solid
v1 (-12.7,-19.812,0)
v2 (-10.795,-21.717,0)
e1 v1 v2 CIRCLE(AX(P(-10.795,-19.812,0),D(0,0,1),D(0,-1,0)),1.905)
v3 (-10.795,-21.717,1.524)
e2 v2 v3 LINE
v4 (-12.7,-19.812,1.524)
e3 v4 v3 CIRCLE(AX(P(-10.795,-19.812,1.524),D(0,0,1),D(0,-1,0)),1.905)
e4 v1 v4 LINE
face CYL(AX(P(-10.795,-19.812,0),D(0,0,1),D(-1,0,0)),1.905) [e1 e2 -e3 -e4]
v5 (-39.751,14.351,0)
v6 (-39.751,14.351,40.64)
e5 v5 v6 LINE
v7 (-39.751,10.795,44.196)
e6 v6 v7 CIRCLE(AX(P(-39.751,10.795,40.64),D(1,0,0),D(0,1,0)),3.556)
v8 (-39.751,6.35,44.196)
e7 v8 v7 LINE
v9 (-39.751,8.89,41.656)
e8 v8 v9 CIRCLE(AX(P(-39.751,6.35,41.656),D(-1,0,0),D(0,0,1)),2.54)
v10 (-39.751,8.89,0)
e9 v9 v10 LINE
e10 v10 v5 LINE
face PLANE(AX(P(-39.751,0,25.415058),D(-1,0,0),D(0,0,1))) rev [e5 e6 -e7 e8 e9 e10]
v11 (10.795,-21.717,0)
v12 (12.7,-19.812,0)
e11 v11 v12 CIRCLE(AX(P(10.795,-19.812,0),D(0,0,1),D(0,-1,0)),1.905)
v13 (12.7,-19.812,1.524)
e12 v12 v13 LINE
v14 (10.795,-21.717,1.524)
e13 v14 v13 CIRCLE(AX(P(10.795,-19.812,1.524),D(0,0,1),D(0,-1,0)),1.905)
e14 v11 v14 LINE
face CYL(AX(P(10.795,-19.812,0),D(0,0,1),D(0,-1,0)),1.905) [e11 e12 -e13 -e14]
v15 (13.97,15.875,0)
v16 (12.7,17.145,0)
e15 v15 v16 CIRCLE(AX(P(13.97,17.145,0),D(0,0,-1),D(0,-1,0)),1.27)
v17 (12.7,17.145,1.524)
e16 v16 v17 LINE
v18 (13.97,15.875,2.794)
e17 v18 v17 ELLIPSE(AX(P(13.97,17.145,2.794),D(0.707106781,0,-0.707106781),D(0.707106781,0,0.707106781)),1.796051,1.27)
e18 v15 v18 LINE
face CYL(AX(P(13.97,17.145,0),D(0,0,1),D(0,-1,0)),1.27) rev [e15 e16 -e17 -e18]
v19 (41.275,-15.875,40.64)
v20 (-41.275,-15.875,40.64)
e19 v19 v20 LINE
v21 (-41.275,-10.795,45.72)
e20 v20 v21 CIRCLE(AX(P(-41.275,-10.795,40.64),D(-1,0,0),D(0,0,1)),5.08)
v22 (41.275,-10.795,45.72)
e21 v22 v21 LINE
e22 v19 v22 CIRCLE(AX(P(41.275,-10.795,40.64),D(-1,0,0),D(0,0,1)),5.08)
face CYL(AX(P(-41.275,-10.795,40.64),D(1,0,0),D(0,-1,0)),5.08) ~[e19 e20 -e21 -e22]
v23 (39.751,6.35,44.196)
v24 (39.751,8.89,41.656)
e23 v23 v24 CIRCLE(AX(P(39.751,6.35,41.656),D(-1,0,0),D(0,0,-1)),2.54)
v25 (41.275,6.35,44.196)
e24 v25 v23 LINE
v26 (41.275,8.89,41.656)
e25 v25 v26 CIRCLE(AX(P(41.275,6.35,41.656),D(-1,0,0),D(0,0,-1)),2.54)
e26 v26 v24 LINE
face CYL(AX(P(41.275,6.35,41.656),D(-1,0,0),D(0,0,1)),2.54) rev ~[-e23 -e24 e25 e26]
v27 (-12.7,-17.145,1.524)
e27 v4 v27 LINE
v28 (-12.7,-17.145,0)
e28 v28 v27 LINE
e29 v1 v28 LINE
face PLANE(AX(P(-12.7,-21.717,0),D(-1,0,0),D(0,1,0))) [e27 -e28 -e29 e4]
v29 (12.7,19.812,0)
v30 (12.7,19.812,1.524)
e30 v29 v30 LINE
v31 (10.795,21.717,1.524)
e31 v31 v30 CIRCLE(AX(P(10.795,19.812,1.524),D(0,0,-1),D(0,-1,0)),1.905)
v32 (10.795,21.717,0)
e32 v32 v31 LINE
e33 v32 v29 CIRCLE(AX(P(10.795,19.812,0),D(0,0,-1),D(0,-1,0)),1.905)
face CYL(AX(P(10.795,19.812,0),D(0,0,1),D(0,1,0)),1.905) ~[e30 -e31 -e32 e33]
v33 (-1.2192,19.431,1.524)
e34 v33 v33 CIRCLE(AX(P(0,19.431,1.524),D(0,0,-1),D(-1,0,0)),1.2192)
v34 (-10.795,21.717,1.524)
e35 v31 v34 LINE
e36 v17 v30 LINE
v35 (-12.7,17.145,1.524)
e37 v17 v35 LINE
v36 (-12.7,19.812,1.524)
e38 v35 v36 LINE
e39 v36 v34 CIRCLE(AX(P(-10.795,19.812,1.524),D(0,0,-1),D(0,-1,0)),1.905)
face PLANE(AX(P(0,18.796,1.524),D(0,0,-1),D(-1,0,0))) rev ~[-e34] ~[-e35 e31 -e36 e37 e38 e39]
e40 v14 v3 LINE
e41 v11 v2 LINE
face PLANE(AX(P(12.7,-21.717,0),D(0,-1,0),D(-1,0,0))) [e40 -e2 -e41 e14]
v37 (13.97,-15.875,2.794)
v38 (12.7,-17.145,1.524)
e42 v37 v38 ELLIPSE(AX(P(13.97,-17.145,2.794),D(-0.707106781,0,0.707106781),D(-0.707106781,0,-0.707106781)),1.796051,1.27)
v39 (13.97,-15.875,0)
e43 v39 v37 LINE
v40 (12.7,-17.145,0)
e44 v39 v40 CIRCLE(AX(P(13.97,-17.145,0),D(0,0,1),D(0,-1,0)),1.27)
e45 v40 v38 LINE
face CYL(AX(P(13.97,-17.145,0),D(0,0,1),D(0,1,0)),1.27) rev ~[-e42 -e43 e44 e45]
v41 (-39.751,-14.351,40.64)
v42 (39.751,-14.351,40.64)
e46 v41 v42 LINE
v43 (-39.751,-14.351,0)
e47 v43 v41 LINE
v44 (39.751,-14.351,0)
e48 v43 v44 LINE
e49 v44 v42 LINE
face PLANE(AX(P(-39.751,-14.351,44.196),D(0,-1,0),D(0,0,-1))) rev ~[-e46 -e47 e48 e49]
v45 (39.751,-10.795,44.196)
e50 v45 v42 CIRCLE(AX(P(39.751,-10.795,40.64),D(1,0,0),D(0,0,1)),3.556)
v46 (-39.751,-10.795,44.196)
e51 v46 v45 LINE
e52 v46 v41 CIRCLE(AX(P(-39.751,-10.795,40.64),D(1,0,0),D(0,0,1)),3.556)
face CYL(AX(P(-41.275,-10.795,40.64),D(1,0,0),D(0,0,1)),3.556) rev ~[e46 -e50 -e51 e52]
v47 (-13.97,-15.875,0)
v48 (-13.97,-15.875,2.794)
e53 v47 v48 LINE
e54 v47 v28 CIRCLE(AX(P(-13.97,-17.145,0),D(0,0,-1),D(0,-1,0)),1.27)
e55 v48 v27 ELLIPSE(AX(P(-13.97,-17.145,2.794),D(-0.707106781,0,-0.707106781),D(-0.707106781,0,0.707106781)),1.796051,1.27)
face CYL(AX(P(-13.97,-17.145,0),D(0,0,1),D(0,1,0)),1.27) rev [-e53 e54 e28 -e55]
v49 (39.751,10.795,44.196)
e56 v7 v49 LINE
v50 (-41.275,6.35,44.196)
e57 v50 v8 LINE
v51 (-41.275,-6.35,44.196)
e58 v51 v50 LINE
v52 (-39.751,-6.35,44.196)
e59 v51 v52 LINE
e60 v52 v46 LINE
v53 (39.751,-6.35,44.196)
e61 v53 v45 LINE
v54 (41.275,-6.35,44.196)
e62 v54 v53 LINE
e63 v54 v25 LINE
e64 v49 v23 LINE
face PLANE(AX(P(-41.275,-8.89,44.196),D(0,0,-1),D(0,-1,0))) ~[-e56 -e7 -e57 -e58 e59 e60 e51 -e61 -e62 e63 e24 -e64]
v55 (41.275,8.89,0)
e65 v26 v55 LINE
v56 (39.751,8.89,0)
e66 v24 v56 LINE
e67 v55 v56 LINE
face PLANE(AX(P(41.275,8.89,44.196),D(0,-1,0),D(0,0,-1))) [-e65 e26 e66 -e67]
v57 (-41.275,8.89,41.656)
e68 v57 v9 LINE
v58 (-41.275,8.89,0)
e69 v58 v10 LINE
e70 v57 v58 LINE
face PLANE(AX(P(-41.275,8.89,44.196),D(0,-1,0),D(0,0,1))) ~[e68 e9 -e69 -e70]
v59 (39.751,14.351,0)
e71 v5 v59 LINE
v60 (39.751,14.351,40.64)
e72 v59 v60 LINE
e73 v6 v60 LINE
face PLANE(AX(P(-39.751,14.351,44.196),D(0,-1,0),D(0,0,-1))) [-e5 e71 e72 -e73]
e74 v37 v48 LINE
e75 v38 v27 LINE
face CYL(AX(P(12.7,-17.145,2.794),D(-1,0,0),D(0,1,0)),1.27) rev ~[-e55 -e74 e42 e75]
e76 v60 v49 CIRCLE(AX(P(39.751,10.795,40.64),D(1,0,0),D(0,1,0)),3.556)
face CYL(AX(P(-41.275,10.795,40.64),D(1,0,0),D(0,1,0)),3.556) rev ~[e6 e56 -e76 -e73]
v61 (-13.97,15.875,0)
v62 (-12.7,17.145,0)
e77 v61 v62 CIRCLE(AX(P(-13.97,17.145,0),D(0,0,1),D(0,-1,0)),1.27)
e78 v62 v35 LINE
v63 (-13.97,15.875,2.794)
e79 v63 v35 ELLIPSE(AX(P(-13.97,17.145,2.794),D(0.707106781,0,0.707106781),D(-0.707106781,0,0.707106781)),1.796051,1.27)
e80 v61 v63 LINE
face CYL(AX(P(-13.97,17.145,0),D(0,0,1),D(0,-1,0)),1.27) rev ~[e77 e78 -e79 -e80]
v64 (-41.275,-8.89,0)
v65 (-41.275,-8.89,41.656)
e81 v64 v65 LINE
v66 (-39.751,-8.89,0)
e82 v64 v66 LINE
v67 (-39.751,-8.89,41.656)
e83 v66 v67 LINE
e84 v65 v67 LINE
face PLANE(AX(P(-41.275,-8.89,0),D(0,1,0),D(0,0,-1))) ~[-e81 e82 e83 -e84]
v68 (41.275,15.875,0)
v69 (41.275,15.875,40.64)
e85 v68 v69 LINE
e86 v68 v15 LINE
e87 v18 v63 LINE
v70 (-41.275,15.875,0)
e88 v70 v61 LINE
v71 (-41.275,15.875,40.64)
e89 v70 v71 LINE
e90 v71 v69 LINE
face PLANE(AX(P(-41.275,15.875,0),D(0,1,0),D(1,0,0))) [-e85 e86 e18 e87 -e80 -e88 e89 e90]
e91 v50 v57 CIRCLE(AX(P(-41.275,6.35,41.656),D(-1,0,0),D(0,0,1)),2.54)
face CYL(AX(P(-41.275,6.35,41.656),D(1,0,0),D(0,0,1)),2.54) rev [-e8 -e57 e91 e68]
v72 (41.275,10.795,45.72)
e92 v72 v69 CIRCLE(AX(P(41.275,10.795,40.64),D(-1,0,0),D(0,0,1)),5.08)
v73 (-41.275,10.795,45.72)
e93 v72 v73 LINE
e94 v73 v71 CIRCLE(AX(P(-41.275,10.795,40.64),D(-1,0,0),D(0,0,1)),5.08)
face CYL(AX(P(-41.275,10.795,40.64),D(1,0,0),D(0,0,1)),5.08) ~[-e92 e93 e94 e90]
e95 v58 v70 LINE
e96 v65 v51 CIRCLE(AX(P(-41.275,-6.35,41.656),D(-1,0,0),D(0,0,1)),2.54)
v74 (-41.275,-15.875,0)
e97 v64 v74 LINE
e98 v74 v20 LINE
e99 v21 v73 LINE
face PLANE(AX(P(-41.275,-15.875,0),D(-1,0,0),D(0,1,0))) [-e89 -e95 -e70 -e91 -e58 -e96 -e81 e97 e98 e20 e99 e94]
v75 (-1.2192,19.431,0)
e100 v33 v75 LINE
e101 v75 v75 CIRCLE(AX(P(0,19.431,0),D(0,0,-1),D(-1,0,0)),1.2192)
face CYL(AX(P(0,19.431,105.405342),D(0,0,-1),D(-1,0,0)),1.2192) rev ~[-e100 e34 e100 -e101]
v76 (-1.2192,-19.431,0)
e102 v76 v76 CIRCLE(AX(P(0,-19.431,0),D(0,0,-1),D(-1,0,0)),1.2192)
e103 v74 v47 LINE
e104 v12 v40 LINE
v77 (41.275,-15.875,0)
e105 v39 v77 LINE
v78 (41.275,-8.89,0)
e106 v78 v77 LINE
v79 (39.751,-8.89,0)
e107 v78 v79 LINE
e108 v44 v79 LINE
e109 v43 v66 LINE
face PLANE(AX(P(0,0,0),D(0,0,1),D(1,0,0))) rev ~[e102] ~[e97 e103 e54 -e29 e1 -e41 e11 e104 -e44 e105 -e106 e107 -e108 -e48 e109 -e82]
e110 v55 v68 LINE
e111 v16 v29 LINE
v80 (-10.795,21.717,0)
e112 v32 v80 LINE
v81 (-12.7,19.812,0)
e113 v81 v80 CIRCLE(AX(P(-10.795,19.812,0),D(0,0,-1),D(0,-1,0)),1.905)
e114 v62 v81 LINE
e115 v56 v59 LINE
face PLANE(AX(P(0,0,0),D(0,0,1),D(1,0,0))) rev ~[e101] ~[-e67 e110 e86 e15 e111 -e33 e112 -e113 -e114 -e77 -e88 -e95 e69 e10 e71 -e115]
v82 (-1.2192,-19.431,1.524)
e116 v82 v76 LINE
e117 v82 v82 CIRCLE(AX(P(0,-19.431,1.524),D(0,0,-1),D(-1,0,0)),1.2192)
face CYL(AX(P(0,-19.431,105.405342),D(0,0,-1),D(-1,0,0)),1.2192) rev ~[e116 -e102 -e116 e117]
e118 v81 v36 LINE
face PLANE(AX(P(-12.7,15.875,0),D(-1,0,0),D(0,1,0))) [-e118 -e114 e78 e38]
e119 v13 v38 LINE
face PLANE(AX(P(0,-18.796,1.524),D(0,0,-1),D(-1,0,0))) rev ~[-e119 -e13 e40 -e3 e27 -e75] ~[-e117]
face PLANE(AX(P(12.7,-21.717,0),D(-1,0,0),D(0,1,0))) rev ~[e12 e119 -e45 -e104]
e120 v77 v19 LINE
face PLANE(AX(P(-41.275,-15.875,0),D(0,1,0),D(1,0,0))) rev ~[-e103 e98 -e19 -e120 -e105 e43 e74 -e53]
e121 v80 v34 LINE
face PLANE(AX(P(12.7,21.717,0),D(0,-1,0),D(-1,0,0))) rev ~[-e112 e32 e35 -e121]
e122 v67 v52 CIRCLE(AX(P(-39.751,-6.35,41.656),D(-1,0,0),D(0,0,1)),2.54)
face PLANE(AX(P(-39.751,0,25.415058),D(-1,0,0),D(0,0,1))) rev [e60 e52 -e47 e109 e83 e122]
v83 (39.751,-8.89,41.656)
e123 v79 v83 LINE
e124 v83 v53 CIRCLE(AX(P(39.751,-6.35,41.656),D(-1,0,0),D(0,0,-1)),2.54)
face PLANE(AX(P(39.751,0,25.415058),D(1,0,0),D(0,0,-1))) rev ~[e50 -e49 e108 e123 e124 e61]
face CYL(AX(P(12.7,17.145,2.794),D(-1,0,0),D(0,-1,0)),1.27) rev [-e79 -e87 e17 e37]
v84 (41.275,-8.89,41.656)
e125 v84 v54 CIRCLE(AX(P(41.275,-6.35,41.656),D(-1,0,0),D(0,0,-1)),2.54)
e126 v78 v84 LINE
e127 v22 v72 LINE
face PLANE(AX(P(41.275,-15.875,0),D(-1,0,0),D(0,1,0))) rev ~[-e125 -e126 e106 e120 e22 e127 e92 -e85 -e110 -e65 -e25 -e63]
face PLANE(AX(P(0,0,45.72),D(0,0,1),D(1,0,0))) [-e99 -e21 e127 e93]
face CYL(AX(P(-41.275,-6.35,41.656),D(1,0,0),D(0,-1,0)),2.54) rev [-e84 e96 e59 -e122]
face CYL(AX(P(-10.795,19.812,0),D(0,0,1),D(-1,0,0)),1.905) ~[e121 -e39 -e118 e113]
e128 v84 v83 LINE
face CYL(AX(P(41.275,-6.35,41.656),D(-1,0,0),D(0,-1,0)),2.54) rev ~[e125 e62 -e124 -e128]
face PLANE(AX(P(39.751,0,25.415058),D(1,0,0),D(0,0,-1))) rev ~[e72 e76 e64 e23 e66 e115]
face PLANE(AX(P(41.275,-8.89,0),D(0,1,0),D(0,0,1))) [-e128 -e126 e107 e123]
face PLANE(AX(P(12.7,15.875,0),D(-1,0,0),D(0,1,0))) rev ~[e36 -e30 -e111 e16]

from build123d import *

# Parameters (mm, degrees)
SKETCH1_W               = 82.55
SKETCH1_H               = 31.75
BOSS_EXTRUDE1_DEPTH     = 45.72
SHELL1_T                = -1.524
SKETCH3_W               = 25.4
SKETCH3_H               = 5.842
BOSS_EXTRUDE3_DEPTH     = 1.524
FILLET2_R               = 1.27
FILLET3_R               = 1.905
F_2_CLEARANCE_HOLE1_D   = 2.4384
SKETCH6_W               = 44.196
SKETCH6_H               = 28.702
CUT_EXTRUDE1_DEPTH      = 82.026
CUT_EXTRUDE1_DEPTH_BACK = 2.524
FILLET4_R               = 3.556
FILLET5_R               = 5.08
BOSS_EXTRUDE4_DEPTH     = 1.524
FILLET9_R               = 2.54
FILLET10_R              = 2.54


with BuildPart() as part:
    # Sketch1 → Boss-Extrude1 (new body)
    with BuildSketch(Plane.XY):
        Rectangle(SKETCH1_W, SKETCH1_H)
    extrude(amount=BOSS_EXTRUDE1_DEPTH)

    # Shell1
    shell1_openings = [part.faces().sort_by_distance(p)[0] for p in [
        (0, 0, 0),
    ]]
    offset(amount=SHELL1_T, openings=shell1_openings, kind=Kind.INTERSECTION)

    # Sketch3 → Boss-Extrude3 (add)
    with BuildSketch(Plane(origin=(0, 0, 0), x_dir=(-1, 0, 0), z_dir=(0, 0, -1))):
        with Locations((0, 18.796)):
            Rectangle(SKETCH3_W, SKETCH3_H)
        with Locations((0, -18.796)):
            Rectangle(SKETCH3_W, SKETCH3_H)
    extrude(amount=-BOSS_EXTRUDE3_DEPTH)

    # Fillet2
    fillet2_edges = [part.edges().sort_by_distance(p)[0] for p in [
        (12.7, 15.875, 0.762),
        (0, 15.875, 1.524),
        (-12.7, 15.875, 0.762),
        (0, -15.875, 1.524),
        (12.7, -15.875, 0.762),
        (-12.7, -15.875, 0.762),
    ]]
    fillet(fillet2_edges, radius=FILLET2_R)

    # Fillet3
    fillet3_edges = [part.edges().sort_by_distance(p)[0] for p in [
        (12.7, 21.717, 0.762),
        (-12.7, 21.717, 0.762),
        (12.7, -21.717, 0.762),
        (-12.7, -21.717, 0.762),
    ]]
    fillet(fillet3_edges, radius=FILLET3_R)

    # #2 Clearance Hole1 (through all)
    with Locations(Plane.XY.offset(1.524)):
        with Locations((0, 19.431), (0, -19.431)):
            Hole(F_2_CLEARANCE_HOLE1_D / 2)

    # Sketch6 → Cut-Extrude1 (cut, two sides)
    with BuildSketch(Plane(origin=(-39.751, 0, 0), x_dir=(0, 0, -1), z_dir=(1, 0, 0))) as cut_extrude1_sk:
        with Locations((-22.098, 0)):
            Rectangle(SKETCH6_W, SKETCH6_H)
    extrude(amount=CUT_EXTRUDE1_DEPTH, mode=Mode.SUBTRACT)
    extrude(cut_extrude1_sk.sketch, amount=-CUT_EXTRUDE1_DEPTH_BACK, mode=Mode.SUBTRACT)

    # Fillet4
    fillet4_edges = [part.edges().sort_by_distance(p)[0] for p in [
        (0, -14.351, 44.196),
        (0, 14.351, 44.196),
    ]]
    fillet(fillet4_edges, radius=FILLET4_R)

    # Fillet5
    fillet5_edges = [part.edges().sort_by_distance(p)[0] for p in [
        (0, 15.875, 45.72),
        (0, -15.875, 45.72),
    ]]
    fillet(fillet5_edges, radius=FILLET5_R)

    # Sketch7 → Boss-Extrude4 (add)
    with BuildSketch(Plane(origin=(41.275, 0, 0), x_dir=(0, 0, -1), z_dir=(1, 0, 0))):
        with BuildLine():
            Line((-45.72, 10.795), (-45.72, -10.795))
            ThreePointArc((-45.72, -10.795), (-44.232102448, -14.387102448), (-40.64, -15.875))
            Line((-40.64, -15.875), (0, -15.875))
            Line((0, -15.875), (0, -8.89))
            Line((0, -8.89), (-44.196, -8.89))
            Line((-44.196, -8.89), (-44.196, 8.89))
            Line((-44.196, 8.89), (0, 8.89))
            Line((0, 8.89), (0, 15.875))
            Line((0, 15.875), (-40.64, 15.875))
            ThreePointArc((-40.64, 15.875), (-44.232102448, 14.387102448), (-45.72, 10.795))
        make_face()
    boss_extrude4 = extrude(amount=-BOSS_EXTRUDE4_DEPTH)

    # Fillet9
    fillet9_edges = [part.edges().sort_by_distance(p)[0] for p in [
        (40.513, 8.89, 44.196),
        (40.513, -8.89, 44.196),
    ]]
    fillet(fillet9_edges, radius=FILLET9_R)

    # Mirror1: Boss-Extrude4 across plane
    add(boss_extrude4.mirror(Plane(origin=(0, 0, 0), x_dir=(0, 0, 1), z_dir=(1, 0, 0))))

    # Fillet10
    fillet10_edges = [part.edges().sort_by_distance(p)[0] for p in [
        (-40.513, -8.89, 44.196),
        (-40.513, 8.89, 44.196),
    ]]
    fillet(fillet10_edges, radius=FILLET10_R)


solid = part.part
